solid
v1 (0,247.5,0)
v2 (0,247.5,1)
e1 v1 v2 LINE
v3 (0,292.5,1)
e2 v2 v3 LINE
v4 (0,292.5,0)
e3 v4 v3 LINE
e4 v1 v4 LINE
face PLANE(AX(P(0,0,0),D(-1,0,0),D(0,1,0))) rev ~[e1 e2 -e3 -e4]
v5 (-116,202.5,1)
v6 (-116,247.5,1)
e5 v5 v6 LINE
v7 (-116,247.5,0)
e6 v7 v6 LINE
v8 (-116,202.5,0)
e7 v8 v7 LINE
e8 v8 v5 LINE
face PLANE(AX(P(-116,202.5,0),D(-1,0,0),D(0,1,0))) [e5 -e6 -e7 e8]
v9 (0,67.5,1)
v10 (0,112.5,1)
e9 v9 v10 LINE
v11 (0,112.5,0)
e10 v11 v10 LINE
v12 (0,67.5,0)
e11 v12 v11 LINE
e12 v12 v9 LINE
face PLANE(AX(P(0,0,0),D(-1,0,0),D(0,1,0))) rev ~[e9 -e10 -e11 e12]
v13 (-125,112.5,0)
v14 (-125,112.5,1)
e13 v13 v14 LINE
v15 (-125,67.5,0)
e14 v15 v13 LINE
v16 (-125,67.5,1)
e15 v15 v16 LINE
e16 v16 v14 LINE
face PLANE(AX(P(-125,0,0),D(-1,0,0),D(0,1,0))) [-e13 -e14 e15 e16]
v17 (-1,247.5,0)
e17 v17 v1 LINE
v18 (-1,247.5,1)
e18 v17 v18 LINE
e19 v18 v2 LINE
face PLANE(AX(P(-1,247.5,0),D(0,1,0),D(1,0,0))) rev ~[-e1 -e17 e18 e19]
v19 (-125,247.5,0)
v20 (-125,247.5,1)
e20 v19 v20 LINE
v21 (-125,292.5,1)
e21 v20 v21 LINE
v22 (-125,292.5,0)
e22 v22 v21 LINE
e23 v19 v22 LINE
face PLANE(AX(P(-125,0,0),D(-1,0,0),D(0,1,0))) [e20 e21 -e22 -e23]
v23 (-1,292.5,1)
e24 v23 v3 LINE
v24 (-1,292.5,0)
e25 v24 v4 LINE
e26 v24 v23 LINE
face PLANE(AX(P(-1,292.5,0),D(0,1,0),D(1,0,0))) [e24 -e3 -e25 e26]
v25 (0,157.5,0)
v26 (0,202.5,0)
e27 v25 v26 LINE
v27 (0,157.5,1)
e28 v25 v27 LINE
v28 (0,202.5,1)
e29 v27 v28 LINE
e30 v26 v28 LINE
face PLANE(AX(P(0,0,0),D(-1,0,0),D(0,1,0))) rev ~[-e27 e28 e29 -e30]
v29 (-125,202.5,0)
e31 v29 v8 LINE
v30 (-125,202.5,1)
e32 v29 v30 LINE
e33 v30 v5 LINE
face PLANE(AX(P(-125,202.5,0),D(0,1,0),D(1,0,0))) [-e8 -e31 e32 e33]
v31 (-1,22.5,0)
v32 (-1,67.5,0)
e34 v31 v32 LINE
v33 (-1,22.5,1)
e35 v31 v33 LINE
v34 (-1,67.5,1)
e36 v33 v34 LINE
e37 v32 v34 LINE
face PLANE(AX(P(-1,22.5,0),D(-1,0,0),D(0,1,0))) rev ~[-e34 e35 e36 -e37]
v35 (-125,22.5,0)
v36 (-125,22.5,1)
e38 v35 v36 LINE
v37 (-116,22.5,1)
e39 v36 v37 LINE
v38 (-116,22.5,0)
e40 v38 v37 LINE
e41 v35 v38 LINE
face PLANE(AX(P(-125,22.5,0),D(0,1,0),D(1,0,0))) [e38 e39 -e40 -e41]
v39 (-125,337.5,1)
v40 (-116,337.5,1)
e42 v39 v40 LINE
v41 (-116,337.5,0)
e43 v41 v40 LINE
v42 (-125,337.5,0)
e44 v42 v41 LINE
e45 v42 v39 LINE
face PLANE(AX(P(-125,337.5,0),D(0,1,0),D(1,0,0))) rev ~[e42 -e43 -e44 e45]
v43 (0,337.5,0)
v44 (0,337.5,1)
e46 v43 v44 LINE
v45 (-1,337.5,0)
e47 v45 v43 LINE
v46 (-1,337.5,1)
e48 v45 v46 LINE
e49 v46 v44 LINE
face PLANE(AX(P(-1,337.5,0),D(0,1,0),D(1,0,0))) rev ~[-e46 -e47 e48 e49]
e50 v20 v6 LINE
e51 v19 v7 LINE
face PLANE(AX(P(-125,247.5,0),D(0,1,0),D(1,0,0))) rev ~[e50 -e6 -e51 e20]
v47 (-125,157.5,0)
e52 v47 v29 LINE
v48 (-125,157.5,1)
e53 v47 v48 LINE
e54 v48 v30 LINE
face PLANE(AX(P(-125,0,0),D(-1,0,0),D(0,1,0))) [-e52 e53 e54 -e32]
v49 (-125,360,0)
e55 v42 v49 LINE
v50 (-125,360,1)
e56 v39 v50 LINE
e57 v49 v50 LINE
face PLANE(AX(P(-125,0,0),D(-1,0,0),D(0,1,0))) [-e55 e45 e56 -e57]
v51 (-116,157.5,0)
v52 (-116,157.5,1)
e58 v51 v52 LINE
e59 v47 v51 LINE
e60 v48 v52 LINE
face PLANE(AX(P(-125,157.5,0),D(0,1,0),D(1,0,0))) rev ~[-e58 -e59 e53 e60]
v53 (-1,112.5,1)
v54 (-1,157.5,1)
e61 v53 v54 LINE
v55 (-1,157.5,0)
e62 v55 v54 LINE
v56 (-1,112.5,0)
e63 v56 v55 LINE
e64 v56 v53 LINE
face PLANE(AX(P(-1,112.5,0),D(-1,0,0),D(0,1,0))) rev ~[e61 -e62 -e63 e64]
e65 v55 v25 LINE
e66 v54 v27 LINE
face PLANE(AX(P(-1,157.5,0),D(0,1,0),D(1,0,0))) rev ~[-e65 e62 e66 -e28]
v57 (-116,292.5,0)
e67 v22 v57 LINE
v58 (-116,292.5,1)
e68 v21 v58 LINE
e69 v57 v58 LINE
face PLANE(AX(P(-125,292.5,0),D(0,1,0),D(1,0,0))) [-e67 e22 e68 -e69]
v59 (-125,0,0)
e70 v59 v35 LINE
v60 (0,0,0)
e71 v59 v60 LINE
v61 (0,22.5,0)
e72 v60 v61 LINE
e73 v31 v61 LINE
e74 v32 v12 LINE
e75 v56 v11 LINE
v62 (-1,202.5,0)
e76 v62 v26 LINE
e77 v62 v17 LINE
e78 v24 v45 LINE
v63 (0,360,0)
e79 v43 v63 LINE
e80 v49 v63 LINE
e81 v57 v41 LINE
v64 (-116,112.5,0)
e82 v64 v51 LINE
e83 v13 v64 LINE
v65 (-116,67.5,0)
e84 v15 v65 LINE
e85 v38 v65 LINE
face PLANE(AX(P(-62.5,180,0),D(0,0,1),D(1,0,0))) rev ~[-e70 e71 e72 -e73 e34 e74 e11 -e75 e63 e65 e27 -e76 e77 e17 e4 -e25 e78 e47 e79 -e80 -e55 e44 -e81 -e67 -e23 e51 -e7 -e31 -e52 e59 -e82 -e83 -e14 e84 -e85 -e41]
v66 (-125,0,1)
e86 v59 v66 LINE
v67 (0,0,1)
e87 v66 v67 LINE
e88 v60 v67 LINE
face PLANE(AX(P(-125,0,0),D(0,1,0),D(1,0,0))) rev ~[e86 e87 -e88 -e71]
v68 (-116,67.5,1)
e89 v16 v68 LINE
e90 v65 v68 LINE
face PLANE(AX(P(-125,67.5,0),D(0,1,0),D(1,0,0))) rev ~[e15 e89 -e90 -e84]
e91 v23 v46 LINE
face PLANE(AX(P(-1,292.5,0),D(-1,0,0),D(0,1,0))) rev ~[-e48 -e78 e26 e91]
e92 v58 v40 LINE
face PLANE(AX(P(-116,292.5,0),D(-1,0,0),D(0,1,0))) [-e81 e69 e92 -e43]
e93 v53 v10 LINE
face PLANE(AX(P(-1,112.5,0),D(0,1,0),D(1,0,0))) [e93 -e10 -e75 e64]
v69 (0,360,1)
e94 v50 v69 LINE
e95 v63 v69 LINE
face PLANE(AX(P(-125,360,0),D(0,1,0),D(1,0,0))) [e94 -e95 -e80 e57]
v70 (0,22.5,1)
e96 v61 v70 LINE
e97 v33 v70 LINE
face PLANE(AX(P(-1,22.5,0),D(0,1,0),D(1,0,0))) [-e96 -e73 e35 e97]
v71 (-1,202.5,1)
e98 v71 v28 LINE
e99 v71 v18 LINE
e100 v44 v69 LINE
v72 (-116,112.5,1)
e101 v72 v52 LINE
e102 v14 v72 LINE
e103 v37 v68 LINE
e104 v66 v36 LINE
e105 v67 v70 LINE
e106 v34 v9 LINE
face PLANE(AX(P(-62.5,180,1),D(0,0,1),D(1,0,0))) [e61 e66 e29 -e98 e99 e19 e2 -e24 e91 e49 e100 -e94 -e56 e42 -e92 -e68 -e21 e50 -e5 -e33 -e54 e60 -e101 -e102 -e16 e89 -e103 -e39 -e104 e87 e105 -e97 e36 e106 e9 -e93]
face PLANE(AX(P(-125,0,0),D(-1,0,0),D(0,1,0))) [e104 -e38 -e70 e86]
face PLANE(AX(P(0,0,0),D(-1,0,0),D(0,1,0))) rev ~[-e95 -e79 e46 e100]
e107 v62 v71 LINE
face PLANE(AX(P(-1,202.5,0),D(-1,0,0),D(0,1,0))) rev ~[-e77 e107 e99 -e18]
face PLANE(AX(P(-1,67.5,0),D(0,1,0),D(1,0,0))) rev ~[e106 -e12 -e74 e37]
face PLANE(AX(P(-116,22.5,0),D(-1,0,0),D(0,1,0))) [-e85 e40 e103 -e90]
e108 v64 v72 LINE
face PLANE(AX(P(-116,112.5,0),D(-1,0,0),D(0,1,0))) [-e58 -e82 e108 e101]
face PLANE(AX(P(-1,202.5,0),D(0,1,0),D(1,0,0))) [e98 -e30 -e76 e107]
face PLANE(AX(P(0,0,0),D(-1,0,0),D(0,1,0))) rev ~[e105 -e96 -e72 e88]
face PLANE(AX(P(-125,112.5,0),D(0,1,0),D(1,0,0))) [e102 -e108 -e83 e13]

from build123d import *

# Parameters (mm, degrees)
BOX019_W         = 9
BOX019_H         = 45
BOX019_DEPTH     = 1
ARRAY006_Y_COUNT = 4
ARRAY006_Y_PITCH = 90
BOX017_W         = 1
BOX017_H         = 45
BOX017_DEPTH     = 1
ARRAY005_Y_COUNT = 4
ARRAY005_Y_PITCH = 90
BOX020_W         = 125
BOX020_H         = 360
BOX020_DEPTH     = 1


with BuildPart() as array006:
    # Box019 → Box019 (new body)
    with BuildSketch(Plane(origin=(-125, 0, 0), x_dir=(1, 0, 0), z_dir=(0, 0, 1))):
        with Locations((4.5, 22.5)):
            Rectangle(BOX019_W, BOX019_H)
    extrude(amount=BOX019_DEPTH)

    # Array006 Y: Array006 ×4


with BuildPart() as array006_1:
    add(array006.part)
    with Locations(*[(0, i * ARRAY006_Y_PITCH, 0) for i in range(1, ARRAY006_Y_COUNT)]):
        add(array006.part)


with BuildPart() as array006_2:
    # Array006 placement: moved
    add(array006_1.part.moved(Location((0, 22.5, 0))))


with BuildPart() as array005:
    # Box017 → Box017 (new body)
    with BuildSketch(Plane(origin=(-1, 0, 0), x_dir=(1, 0, 0), z_dir=(0, 0, 1))):
        with Locations((0.5, 22.5)):
            Rectangle(BOX017_W, BOX017_H)
    extrude(amount=BOX017_DEPTH)

    # Array005 Y: Array005 ×4


with BuildPart() as array005_1:
    add(array005.part)
    with Locations(*[(0, i * ARRAY005_Y_PITCH, 0) for i in range(1, ARRAY005_Y_COUNT)]):
        add(array005.part)


with BuildPart() as array005_2:
    # Array005 placement: moved
    add(array005_1.part.moved(Location((0, 22.5, 0))))


with BuildPart() as cut002008005003:
    # Box020 → Box020 (new body)
    with BuildSketch(Plane(origin=(-125, 0, 0), x_dir=(1, 0, 0), z_dir=(0, 0, 1))):
        with Locations((62.5, 180)):
            Rectangle(BOX020_W, BOX020_H)
    extrude(amount=BOX020_DEPTH)

    # Cut002008005004: cut Array005
    add(array005_2.part, mode=Mode.SUBTRACT)

    # Cut002008005003: cut Array006
    add(array006_2.part, mode=Mode.SUBTRACT)


solid = cut002008005003.part
